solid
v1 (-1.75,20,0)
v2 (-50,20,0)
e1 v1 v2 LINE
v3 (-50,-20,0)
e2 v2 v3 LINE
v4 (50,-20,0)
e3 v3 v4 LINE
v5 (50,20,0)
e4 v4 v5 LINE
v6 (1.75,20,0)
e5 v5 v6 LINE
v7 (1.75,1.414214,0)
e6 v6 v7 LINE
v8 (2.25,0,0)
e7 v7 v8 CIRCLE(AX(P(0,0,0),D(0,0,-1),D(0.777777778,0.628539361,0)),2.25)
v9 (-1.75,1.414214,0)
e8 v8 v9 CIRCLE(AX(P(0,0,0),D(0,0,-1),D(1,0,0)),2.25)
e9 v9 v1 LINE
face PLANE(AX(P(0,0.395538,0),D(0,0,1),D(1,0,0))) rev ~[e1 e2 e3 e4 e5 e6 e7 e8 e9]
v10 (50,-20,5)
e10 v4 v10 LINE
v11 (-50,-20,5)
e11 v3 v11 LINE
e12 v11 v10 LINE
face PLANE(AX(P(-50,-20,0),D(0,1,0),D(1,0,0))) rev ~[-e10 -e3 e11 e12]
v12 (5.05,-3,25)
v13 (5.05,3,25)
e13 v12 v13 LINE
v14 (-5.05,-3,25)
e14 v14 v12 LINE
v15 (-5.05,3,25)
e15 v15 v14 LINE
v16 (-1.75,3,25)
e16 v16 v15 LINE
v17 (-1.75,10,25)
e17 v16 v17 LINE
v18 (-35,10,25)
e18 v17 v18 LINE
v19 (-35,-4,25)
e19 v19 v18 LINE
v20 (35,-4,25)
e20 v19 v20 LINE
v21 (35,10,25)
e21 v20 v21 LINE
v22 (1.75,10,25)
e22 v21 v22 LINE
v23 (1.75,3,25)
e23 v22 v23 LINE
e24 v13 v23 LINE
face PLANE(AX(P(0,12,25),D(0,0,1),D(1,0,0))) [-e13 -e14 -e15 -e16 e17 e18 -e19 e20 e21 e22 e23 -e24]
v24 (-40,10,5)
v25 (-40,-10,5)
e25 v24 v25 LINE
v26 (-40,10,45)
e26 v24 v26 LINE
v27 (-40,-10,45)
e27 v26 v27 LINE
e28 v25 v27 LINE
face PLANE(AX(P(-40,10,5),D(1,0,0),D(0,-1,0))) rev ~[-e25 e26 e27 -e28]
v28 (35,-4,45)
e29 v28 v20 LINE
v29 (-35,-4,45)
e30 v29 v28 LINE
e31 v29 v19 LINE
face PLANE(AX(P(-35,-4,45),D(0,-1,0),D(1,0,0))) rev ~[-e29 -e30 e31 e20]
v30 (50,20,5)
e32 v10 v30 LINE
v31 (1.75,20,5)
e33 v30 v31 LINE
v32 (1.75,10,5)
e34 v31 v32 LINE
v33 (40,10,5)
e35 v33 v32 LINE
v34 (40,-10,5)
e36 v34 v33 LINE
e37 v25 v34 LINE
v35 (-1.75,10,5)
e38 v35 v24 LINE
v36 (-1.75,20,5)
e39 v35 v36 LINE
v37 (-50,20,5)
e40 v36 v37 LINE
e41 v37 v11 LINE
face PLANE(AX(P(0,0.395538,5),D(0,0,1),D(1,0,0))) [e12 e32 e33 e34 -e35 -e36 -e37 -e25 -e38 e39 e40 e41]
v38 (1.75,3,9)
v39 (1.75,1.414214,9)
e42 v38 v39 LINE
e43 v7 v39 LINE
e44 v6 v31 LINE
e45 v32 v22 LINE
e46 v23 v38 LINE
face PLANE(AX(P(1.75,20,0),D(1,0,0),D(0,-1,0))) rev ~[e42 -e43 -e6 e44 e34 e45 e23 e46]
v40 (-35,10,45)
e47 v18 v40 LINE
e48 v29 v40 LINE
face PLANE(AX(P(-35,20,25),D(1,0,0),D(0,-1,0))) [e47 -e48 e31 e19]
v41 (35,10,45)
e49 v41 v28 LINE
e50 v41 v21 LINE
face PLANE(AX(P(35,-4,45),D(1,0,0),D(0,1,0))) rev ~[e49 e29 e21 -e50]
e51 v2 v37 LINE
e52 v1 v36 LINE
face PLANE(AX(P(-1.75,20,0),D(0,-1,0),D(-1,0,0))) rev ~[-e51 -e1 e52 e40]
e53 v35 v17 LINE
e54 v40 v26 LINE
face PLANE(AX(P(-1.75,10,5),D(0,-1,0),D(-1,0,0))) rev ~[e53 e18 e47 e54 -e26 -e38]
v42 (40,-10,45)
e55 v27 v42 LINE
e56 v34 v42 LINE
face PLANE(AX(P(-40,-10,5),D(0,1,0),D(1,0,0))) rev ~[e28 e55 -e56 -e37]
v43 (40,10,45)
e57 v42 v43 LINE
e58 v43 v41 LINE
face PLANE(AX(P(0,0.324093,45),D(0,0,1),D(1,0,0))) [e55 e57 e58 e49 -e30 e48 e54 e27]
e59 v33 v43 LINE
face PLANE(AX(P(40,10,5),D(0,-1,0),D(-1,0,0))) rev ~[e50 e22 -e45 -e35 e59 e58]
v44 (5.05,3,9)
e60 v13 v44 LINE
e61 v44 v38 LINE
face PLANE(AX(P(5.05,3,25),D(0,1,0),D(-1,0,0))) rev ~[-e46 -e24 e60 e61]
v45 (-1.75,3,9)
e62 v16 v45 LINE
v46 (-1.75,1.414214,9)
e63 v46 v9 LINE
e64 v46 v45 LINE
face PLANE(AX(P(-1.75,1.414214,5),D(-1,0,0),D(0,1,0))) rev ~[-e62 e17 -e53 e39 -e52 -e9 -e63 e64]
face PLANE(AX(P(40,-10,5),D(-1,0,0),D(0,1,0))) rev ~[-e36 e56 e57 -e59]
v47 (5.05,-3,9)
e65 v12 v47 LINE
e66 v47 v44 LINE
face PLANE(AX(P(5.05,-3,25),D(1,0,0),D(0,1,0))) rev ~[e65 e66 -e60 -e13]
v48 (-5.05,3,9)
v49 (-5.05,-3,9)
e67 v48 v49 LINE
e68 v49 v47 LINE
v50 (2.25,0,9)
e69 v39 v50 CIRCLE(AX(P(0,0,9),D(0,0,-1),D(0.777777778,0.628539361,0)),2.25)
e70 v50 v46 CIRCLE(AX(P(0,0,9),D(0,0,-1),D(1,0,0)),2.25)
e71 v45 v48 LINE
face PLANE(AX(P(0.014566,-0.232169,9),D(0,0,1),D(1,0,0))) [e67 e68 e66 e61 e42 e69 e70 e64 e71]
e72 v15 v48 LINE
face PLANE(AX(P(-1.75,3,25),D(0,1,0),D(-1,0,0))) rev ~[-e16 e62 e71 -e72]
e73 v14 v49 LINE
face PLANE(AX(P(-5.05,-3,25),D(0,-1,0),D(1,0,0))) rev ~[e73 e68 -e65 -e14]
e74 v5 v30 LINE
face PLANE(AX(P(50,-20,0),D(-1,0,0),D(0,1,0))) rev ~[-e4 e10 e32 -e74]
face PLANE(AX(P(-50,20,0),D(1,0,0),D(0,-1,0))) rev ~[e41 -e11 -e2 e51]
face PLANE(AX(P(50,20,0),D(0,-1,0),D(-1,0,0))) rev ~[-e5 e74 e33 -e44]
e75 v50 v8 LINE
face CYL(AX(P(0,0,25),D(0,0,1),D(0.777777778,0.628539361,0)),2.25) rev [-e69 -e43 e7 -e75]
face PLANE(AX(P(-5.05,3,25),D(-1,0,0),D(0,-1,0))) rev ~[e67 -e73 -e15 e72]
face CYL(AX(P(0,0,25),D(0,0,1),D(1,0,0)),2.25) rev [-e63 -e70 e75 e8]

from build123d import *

# Parameters (mm, degrees)
F1_DEPTH  = 5
F3_DEPTH  = 40
F5_DEPTH  = 20
F7_DEPTH  = 16
F8_DEPTH  = 25
F10_DEPTH = 25


with BuildPart() as f1:
    # F0 (on Top) → F1 (new body)
    with BuildSketch(Plane.XY):
        Polygon((1.75, 20), (1.75, 10), (40, 10), (40, -10), (-40, -10), (-40, 10), (-1.75, 10), (-1.75, 20), (-50, 20), (-50, -20), (50, -20), (50, 20), align=None)
        Polygon((1.75, 10), (1.75, 4), (35, 4), (35, -4), (-35, -4), (-35, 4), (-1.75, 4), (-1.75, 10), (-40, 10), (-40, -10), (40, -10), (40, 10), align=None)
        Polygon((1.75, 3), (5.05, 3), (5.05, -3), (-5.05, -3), (-5.05, 3), (-1.75, 3), (-1.75, 4), (-35, 4), (-35, -4), (35, -4), (35, 4), (1.75, 4), align=None)
        with BuildLine():
            Line((5.05, -3), (5.05, 3))
            Line((5.05, 3), (1.75, 3))
            Line((1.75, 3), (1.75, 1.4142135624))
            ThreePointArc((1.75, 1.4142135624), (2.1213203436, 0.75), (2.25, 0))
            ThreePointArc((2.25, 0), (-0.75, -2.1213203436), (-1.75, 1.4142135624))
            Line((-1.75, 1.4142135624), (-1.75, 3))
            Line((-1.75, 3), (-5.05, 3))
            Line((-5.05, 3), (-5.05, -3))
            Line((-5.05, -3), (5.05, -3))
        make_face()
        with BuildLine():
            ThreePointArc((2.25, 0), (2.1213203436, 0.75), (1.75, 1.4142135624))
            ThreePointArc((1.75, 1.4142135624), (0, 2.25), (-1.75, 1.4142135624))
            ThreePointArc((-1.75, 1.4142135624), (-0.75, -2.1213203436), (2.25, 0))
        make_face()
    extrude(amount=F1_DEPTH)

    # F2 (on face) → F3 (join)
    with BuildSketch(Plane.XY.offset(5)):
        with BuildLine():
            Line((-40, 10), (-40, -10))
            Line((-40, -10), (40, -10))
            Line((40, -10), (40, 10))
            Line((40, 10), (1.75, 10))
            Line((1.75, 10), (1.75, 1.4142135624))
            ThreePointArc((1.75, 1.4142135624), (0, 2.25), (-1.75, 1.4142135624))
            Line((-1.75, 1.4142135624), (-1.75, 10))
            Line((-1.75, 10), (-40, 10))
        make_face()
    extrude(amount=F3_DEPTH)

    # F4 (on face) → F5 (cut)
    with BuildSketch(Plane.XY.offset(45)):
        with BuildLine():
            Line((-35, -4), (35, -4))
            Line((35, -4), (35, 4))
            Line((35, 4), (1.75, 4))
            Line((1.75, 4), (1.75, 1.4142135624))
            ThreePointArc((1.75, 1.4142135624), (0, 2.25), (-1.75, 1.4142135624))
            Line((-1.75, 1.4142135624), (-1.75, 4))
            Line((-1.75, 4), (-35, 4))
            Line((-35, 4), (-35, -4))
        make_face()
    extrude(amount=-F5_DEPTH, mode=Mode.SUBTRACT)

    # F6 (on face) → F7 (cut)
    with BuildSketch(Plane.XY.offset(25)):
        with BuildLine():
            Line((5.05, -3), (5.05, 3))
            Line((5.05, 3), (1.75, 3))
            Line((1.75, 3), (1.75, 1.4142135624))
            ThreePointArc((1.75, 1.4142135624), (2.1213203436, 0.75), (2.25, 0))
            ThreePointArc((2.25, 0), (-0.75, -2.1213203436), (-1.75, 1.4142135624))
            Line((-1.75, 1.4142135624), (-1.75, 3))
            Line((-1.75, 3), (-5.05, 3))
            Line((-5.05, 3), (-5.05, -3))
            Line((-5.05, -3), (5.05, -3))
        make_face()
    extrude(amount=-F7_DEPTH, mode=Mode.SUBTRACT)

    # F8 (cut): a face of the model
    f8_faces = [f1.faces().sort_by_distance(p)[0] for p in [
        (0, 0, 25),
    ]]
    extrude(f8_faces, amount=-F8_DEPTH, mode=Mode.SUBTRACT)

    # F9 (on face) → F10 (cut)
    with BuildSketch(Plane.XY.offset(25)):
        Polygon((-35, 20), (-35, 4), (-1.75, 4), (1.75, 4), (35, 4), (35, 20), (1.75, 20), (-1.75, 20), align=None)
    extrude(amount=F10_DEPTH, mode=Mode.SUBTRACT)


solid = f1.part
